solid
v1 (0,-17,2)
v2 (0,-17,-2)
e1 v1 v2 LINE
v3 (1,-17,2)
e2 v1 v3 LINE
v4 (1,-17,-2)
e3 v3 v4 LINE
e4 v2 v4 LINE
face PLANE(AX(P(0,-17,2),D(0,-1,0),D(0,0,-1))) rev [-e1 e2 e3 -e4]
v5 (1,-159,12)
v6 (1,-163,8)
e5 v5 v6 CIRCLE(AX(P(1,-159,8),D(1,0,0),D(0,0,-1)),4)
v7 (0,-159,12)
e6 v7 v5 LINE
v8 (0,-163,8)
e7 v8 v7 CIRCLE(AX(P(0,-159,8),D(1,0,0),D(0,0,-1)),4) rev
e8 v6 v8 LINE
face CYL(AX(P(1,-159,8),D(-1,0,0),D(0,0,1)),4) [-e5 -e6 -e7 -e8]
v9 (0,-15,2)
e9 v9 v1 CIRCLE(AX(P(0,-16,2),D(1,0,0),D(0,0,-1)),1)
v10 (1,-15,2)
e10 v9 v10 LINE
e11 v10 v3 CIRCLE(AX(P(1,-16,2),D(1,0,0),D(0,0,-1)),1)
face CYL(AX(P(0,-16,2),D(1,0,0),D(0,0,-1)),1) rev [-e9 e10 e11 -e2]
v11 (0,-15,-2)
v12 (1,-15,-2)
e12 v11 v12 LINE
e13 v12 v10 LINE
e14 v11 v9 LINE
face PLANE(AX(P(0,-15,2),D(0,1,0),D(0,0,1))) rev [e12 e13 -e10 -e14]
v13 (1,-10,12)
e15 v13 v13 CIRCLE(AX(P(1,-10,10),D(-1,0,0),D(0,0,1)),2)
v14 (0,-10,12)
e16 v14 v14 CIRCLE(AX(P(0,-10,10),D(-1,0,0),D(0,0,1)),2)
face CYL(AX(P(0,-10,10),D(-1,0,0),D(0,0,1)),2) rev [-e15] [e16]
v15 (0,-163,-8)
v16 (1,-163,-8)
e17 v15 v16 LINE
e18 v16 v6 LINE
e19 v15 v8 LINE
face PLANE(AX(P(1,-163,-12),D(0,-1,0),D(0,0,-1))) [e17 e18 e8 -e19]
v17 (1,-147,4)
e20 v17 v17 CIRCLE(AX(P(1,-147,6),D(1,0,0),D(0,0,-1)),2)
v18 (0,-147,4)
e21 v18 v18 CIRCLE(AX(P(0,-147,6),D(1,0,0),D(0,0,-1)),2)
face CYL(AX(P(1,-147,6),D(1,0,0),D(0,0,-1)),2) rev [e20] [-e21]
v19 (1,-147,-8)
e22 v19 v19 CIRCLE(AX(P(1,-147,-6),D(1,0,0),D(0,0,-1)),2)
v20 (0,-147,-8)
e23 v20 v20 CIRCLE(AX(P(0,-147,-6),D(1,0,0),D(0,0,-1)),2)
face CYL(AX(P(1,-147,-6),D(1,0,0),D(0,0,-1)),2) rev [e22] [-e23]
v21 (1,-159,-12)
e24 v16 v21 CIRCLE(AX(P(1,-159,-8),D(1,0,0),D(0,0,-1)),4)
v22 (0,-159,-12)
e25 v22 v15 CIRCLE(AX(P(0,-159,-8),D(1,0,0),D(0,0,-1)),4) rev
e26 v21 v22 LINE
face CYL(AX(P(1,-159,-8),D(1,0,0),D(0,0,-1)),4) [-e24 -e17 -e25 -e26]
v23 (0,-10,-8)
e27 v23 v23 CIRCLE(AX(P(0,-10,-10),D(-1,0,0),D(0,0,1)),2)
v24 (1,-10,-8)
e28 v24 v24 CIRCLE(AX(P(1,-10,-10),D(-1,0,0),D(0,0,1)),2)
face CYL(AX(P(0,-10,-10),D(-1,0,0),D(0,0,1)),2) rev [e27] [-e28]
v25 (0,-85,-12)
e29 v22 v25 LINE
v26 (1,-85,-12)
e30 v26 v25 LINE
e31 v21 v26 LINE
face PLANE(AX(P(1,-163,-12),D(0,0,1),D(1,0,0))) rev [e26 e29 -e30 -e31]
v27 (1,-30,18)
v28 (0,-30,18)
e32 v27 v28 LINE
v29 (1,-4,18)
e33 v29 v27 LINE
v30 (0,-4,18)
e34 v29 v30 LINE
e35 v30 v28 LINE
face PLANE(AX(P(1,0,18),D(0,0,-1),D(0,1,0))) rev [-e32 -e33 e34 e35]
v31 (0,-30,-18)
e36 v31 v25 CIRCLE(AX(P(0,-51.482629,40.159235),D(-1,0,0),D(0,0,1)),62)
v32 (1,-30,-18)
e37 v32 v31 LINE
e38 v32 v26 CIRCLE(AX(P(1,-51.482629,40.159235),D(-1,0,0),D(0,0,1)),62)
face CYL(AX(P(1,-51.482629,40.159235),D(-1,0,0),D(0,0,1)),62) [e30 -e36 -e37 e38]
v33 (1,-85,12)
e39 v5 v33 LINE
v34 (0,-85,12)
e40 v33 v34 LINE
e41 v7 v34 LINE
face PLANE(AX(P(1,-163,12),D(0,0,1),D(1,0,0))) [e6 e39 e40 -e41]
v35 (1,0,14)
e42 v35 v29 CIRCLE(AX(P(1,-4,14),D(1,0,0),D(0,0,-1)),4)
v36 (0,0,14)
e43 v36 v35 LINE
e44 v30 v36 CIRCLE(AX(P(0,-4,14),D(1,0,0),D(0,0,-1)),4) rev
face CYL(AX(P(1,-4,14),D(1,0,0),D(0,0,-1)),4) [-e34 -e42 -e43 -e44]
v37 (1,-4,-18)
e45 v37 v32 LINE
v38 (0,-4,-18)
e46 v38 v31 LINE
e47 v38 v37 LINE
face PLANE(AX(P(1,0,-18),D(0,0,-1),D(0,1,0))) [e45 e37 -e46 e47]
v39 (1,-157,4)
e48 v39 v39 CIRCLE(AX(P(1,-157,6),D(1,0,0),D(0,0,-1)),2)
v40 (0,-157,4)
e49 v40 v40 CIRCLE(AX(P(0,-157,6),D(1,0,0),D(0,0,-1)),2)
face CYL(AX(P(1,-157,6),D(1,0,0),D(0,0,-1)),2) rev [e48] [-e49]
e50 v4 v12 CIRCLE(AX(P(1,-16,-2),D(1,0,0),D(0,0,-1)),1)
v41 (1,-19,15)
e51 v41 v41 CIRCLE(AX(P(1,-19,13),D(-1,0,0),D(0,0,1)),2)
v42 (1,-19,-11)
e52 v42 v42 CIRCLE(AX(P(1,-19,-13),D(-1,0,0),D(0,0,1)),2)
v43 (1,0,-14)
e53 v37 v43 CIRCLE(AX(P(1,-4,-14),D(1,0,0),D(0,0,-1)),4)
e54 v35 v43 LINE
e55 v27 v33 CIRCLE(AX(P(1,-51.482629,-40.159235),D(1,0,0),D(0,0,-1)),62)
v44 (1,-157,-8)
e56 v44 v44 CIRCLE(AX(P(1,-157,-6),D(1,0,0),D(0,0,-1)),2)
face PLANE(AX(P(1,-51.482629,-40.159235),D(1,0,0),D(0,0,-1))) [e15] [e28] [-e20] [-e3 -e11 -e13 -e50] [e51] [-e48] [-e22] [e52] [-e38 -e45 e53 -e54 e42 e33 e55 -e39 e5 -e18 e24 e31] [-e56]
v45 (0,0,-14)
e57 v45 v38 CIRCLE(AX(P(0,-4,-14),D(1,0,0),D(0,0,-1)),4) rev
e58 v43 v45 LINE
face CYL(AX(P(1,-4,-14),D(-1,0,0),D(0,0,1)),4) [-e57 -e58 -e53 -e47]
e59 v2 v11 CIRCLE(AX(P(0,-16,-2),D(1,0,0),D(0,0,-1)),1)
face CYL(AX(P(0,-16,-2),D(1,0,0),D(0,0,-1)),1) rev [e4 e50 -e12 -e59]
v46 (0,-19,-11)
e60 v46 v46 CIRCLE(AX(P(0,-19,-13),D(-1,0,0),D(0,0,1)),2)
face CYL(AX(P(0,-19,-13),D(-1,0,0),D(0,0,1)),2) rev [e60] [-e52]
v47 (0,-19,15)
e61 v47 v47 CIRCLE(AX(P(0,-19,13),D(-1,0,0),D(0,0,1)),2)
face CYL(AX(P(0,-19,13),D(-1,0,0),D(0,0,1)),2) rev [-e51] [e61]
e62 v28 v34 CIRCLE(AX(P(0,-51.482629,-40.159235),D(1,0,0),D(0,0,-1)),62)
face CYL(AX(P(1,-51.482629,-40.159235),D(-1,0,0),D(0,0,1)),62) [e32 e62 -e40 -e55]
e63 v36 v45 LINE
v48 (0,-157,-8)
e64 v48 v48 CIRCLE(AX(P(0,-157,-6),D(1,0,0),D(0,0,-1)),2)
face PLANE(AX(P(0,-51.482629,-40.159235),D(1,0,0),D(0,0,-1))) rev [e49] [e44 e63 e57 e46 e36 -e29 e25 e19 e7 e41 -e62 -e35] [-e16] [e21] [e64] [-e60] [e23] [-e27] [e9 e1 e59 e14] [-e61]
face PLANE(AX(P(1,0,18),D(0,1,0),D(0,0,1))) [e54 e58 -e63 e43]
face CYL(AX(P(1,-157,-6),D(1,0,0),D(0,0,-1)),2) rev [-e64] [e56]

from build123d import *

# Parameters (mm, degrees)
BOSS_EXTRUDE1_DEPTH      = 1
F_4_0_4_DIAMETER_HOLE3_D = 4
F_4_0_4_DIAMETER_HOLE2_D = 4
CUT_EXTRUDE1_DEPTH       = 165.459779279
F_4_0_4_DIAMETER_HOLE1_D = 4
LPATTERN1_COUNT          = 2
LPATTERN1_PITCH          = 10
FILLET1_R                = 4


with BuildPart() as part:
    # Sketch1 → Boss-Extrude1 (new body)
    with BuildSketch(Plane(origin=(0, 0, 0), x_dir=(0, 0, -1), z_dir=(1, 0, 0))):
        with BuildLine():
            Line((12, -163), (12, -85))
            ThreePointArc((12, -85), (21.475099597, -58.206374501), (18, -30))
            Line((18, -30), (18, 0))
            Line((18, 0), (-18, 0))
            Line((-18, 0), (-18, -30))
            ThreePointArc((-18, -30), (-21.475099597, -58.206374501), (-12, -85))
            Line((-12, -85), (-12, -163))
            Line((-12, -163), (12, -163))
        make_face()
    extrude(amount=BOSS_EXTRUDE1_DEPTH)

    # Ø4.0 (4) Diameter Hole3 (through all)
    with Locations(Plane.ZY):
        with Locations((10, -10), (-10, -10)):
            Hole(F_4_0_4_DIAMETER_HOLE3_D / 2)

    # Ø4.0 (4) Diameter Hole2 (through all)
    with Locations(Plane.ZY):
        with Locations((-13, -19), (13, -19)):
            Hole(F_4_0_4_DIAMETER_HOLE2_D / 2)

    # Sketch10 → Cut-Extrude1 (cut, through all)
    with BuildSketch(Plane(origin=(1, 0, 0), x_dir=(0, 0, -1), z_dir=(1, 0, 0))):
        with BuildLine():
            Line((-2, -15), (2, -15))
            ThreePointArc((2, -15), (3, -16), (2, -17))
            Line((2, -17), (-2, -17))
            ThreePointArc((-2, -17), (-3, -16), (-2, -15))
        make_face()
    extrude(amount=-CUT_EXTRUDE1_DEPTH, mode=Mode.SUBTRACT)

    # Ø4.0 (4) Diameter Hole1 (through all)
    with Locations(Plane(origin=(1, 0, 0), x_dir=(0, 0, -1), z_dir=(1, 0, 0))):
        with Locations((-6, -157), (6, -157)):
            f_4_0_4_diameter_hole1 = Hole(F_4_0_4_DIAMETER_HOLE1_D / 2)

    # LPattern1: Ø4.0 (4) Diameter Hole1 ×2
    with Locations(*[(0, i * LPATTERN1_PITCH, 0) for i in range(1, LPATTERN1_COUNT)]):
        add(f_4_0_4_diameter_hole1, mode=Mode.SUBTRACT)

    # Fillet1
    fillet1_edges = [part.edges().sort_by_distance(p)[0] for p in [
        (0.5, 0, 18),
        (0.5, 0, -18),
        (0.5, -163, -12),
        (0.5, -163, 12),
    ]]
    fillet(fillet1_edges, radius=FILLET1_R)


solid = part.part
